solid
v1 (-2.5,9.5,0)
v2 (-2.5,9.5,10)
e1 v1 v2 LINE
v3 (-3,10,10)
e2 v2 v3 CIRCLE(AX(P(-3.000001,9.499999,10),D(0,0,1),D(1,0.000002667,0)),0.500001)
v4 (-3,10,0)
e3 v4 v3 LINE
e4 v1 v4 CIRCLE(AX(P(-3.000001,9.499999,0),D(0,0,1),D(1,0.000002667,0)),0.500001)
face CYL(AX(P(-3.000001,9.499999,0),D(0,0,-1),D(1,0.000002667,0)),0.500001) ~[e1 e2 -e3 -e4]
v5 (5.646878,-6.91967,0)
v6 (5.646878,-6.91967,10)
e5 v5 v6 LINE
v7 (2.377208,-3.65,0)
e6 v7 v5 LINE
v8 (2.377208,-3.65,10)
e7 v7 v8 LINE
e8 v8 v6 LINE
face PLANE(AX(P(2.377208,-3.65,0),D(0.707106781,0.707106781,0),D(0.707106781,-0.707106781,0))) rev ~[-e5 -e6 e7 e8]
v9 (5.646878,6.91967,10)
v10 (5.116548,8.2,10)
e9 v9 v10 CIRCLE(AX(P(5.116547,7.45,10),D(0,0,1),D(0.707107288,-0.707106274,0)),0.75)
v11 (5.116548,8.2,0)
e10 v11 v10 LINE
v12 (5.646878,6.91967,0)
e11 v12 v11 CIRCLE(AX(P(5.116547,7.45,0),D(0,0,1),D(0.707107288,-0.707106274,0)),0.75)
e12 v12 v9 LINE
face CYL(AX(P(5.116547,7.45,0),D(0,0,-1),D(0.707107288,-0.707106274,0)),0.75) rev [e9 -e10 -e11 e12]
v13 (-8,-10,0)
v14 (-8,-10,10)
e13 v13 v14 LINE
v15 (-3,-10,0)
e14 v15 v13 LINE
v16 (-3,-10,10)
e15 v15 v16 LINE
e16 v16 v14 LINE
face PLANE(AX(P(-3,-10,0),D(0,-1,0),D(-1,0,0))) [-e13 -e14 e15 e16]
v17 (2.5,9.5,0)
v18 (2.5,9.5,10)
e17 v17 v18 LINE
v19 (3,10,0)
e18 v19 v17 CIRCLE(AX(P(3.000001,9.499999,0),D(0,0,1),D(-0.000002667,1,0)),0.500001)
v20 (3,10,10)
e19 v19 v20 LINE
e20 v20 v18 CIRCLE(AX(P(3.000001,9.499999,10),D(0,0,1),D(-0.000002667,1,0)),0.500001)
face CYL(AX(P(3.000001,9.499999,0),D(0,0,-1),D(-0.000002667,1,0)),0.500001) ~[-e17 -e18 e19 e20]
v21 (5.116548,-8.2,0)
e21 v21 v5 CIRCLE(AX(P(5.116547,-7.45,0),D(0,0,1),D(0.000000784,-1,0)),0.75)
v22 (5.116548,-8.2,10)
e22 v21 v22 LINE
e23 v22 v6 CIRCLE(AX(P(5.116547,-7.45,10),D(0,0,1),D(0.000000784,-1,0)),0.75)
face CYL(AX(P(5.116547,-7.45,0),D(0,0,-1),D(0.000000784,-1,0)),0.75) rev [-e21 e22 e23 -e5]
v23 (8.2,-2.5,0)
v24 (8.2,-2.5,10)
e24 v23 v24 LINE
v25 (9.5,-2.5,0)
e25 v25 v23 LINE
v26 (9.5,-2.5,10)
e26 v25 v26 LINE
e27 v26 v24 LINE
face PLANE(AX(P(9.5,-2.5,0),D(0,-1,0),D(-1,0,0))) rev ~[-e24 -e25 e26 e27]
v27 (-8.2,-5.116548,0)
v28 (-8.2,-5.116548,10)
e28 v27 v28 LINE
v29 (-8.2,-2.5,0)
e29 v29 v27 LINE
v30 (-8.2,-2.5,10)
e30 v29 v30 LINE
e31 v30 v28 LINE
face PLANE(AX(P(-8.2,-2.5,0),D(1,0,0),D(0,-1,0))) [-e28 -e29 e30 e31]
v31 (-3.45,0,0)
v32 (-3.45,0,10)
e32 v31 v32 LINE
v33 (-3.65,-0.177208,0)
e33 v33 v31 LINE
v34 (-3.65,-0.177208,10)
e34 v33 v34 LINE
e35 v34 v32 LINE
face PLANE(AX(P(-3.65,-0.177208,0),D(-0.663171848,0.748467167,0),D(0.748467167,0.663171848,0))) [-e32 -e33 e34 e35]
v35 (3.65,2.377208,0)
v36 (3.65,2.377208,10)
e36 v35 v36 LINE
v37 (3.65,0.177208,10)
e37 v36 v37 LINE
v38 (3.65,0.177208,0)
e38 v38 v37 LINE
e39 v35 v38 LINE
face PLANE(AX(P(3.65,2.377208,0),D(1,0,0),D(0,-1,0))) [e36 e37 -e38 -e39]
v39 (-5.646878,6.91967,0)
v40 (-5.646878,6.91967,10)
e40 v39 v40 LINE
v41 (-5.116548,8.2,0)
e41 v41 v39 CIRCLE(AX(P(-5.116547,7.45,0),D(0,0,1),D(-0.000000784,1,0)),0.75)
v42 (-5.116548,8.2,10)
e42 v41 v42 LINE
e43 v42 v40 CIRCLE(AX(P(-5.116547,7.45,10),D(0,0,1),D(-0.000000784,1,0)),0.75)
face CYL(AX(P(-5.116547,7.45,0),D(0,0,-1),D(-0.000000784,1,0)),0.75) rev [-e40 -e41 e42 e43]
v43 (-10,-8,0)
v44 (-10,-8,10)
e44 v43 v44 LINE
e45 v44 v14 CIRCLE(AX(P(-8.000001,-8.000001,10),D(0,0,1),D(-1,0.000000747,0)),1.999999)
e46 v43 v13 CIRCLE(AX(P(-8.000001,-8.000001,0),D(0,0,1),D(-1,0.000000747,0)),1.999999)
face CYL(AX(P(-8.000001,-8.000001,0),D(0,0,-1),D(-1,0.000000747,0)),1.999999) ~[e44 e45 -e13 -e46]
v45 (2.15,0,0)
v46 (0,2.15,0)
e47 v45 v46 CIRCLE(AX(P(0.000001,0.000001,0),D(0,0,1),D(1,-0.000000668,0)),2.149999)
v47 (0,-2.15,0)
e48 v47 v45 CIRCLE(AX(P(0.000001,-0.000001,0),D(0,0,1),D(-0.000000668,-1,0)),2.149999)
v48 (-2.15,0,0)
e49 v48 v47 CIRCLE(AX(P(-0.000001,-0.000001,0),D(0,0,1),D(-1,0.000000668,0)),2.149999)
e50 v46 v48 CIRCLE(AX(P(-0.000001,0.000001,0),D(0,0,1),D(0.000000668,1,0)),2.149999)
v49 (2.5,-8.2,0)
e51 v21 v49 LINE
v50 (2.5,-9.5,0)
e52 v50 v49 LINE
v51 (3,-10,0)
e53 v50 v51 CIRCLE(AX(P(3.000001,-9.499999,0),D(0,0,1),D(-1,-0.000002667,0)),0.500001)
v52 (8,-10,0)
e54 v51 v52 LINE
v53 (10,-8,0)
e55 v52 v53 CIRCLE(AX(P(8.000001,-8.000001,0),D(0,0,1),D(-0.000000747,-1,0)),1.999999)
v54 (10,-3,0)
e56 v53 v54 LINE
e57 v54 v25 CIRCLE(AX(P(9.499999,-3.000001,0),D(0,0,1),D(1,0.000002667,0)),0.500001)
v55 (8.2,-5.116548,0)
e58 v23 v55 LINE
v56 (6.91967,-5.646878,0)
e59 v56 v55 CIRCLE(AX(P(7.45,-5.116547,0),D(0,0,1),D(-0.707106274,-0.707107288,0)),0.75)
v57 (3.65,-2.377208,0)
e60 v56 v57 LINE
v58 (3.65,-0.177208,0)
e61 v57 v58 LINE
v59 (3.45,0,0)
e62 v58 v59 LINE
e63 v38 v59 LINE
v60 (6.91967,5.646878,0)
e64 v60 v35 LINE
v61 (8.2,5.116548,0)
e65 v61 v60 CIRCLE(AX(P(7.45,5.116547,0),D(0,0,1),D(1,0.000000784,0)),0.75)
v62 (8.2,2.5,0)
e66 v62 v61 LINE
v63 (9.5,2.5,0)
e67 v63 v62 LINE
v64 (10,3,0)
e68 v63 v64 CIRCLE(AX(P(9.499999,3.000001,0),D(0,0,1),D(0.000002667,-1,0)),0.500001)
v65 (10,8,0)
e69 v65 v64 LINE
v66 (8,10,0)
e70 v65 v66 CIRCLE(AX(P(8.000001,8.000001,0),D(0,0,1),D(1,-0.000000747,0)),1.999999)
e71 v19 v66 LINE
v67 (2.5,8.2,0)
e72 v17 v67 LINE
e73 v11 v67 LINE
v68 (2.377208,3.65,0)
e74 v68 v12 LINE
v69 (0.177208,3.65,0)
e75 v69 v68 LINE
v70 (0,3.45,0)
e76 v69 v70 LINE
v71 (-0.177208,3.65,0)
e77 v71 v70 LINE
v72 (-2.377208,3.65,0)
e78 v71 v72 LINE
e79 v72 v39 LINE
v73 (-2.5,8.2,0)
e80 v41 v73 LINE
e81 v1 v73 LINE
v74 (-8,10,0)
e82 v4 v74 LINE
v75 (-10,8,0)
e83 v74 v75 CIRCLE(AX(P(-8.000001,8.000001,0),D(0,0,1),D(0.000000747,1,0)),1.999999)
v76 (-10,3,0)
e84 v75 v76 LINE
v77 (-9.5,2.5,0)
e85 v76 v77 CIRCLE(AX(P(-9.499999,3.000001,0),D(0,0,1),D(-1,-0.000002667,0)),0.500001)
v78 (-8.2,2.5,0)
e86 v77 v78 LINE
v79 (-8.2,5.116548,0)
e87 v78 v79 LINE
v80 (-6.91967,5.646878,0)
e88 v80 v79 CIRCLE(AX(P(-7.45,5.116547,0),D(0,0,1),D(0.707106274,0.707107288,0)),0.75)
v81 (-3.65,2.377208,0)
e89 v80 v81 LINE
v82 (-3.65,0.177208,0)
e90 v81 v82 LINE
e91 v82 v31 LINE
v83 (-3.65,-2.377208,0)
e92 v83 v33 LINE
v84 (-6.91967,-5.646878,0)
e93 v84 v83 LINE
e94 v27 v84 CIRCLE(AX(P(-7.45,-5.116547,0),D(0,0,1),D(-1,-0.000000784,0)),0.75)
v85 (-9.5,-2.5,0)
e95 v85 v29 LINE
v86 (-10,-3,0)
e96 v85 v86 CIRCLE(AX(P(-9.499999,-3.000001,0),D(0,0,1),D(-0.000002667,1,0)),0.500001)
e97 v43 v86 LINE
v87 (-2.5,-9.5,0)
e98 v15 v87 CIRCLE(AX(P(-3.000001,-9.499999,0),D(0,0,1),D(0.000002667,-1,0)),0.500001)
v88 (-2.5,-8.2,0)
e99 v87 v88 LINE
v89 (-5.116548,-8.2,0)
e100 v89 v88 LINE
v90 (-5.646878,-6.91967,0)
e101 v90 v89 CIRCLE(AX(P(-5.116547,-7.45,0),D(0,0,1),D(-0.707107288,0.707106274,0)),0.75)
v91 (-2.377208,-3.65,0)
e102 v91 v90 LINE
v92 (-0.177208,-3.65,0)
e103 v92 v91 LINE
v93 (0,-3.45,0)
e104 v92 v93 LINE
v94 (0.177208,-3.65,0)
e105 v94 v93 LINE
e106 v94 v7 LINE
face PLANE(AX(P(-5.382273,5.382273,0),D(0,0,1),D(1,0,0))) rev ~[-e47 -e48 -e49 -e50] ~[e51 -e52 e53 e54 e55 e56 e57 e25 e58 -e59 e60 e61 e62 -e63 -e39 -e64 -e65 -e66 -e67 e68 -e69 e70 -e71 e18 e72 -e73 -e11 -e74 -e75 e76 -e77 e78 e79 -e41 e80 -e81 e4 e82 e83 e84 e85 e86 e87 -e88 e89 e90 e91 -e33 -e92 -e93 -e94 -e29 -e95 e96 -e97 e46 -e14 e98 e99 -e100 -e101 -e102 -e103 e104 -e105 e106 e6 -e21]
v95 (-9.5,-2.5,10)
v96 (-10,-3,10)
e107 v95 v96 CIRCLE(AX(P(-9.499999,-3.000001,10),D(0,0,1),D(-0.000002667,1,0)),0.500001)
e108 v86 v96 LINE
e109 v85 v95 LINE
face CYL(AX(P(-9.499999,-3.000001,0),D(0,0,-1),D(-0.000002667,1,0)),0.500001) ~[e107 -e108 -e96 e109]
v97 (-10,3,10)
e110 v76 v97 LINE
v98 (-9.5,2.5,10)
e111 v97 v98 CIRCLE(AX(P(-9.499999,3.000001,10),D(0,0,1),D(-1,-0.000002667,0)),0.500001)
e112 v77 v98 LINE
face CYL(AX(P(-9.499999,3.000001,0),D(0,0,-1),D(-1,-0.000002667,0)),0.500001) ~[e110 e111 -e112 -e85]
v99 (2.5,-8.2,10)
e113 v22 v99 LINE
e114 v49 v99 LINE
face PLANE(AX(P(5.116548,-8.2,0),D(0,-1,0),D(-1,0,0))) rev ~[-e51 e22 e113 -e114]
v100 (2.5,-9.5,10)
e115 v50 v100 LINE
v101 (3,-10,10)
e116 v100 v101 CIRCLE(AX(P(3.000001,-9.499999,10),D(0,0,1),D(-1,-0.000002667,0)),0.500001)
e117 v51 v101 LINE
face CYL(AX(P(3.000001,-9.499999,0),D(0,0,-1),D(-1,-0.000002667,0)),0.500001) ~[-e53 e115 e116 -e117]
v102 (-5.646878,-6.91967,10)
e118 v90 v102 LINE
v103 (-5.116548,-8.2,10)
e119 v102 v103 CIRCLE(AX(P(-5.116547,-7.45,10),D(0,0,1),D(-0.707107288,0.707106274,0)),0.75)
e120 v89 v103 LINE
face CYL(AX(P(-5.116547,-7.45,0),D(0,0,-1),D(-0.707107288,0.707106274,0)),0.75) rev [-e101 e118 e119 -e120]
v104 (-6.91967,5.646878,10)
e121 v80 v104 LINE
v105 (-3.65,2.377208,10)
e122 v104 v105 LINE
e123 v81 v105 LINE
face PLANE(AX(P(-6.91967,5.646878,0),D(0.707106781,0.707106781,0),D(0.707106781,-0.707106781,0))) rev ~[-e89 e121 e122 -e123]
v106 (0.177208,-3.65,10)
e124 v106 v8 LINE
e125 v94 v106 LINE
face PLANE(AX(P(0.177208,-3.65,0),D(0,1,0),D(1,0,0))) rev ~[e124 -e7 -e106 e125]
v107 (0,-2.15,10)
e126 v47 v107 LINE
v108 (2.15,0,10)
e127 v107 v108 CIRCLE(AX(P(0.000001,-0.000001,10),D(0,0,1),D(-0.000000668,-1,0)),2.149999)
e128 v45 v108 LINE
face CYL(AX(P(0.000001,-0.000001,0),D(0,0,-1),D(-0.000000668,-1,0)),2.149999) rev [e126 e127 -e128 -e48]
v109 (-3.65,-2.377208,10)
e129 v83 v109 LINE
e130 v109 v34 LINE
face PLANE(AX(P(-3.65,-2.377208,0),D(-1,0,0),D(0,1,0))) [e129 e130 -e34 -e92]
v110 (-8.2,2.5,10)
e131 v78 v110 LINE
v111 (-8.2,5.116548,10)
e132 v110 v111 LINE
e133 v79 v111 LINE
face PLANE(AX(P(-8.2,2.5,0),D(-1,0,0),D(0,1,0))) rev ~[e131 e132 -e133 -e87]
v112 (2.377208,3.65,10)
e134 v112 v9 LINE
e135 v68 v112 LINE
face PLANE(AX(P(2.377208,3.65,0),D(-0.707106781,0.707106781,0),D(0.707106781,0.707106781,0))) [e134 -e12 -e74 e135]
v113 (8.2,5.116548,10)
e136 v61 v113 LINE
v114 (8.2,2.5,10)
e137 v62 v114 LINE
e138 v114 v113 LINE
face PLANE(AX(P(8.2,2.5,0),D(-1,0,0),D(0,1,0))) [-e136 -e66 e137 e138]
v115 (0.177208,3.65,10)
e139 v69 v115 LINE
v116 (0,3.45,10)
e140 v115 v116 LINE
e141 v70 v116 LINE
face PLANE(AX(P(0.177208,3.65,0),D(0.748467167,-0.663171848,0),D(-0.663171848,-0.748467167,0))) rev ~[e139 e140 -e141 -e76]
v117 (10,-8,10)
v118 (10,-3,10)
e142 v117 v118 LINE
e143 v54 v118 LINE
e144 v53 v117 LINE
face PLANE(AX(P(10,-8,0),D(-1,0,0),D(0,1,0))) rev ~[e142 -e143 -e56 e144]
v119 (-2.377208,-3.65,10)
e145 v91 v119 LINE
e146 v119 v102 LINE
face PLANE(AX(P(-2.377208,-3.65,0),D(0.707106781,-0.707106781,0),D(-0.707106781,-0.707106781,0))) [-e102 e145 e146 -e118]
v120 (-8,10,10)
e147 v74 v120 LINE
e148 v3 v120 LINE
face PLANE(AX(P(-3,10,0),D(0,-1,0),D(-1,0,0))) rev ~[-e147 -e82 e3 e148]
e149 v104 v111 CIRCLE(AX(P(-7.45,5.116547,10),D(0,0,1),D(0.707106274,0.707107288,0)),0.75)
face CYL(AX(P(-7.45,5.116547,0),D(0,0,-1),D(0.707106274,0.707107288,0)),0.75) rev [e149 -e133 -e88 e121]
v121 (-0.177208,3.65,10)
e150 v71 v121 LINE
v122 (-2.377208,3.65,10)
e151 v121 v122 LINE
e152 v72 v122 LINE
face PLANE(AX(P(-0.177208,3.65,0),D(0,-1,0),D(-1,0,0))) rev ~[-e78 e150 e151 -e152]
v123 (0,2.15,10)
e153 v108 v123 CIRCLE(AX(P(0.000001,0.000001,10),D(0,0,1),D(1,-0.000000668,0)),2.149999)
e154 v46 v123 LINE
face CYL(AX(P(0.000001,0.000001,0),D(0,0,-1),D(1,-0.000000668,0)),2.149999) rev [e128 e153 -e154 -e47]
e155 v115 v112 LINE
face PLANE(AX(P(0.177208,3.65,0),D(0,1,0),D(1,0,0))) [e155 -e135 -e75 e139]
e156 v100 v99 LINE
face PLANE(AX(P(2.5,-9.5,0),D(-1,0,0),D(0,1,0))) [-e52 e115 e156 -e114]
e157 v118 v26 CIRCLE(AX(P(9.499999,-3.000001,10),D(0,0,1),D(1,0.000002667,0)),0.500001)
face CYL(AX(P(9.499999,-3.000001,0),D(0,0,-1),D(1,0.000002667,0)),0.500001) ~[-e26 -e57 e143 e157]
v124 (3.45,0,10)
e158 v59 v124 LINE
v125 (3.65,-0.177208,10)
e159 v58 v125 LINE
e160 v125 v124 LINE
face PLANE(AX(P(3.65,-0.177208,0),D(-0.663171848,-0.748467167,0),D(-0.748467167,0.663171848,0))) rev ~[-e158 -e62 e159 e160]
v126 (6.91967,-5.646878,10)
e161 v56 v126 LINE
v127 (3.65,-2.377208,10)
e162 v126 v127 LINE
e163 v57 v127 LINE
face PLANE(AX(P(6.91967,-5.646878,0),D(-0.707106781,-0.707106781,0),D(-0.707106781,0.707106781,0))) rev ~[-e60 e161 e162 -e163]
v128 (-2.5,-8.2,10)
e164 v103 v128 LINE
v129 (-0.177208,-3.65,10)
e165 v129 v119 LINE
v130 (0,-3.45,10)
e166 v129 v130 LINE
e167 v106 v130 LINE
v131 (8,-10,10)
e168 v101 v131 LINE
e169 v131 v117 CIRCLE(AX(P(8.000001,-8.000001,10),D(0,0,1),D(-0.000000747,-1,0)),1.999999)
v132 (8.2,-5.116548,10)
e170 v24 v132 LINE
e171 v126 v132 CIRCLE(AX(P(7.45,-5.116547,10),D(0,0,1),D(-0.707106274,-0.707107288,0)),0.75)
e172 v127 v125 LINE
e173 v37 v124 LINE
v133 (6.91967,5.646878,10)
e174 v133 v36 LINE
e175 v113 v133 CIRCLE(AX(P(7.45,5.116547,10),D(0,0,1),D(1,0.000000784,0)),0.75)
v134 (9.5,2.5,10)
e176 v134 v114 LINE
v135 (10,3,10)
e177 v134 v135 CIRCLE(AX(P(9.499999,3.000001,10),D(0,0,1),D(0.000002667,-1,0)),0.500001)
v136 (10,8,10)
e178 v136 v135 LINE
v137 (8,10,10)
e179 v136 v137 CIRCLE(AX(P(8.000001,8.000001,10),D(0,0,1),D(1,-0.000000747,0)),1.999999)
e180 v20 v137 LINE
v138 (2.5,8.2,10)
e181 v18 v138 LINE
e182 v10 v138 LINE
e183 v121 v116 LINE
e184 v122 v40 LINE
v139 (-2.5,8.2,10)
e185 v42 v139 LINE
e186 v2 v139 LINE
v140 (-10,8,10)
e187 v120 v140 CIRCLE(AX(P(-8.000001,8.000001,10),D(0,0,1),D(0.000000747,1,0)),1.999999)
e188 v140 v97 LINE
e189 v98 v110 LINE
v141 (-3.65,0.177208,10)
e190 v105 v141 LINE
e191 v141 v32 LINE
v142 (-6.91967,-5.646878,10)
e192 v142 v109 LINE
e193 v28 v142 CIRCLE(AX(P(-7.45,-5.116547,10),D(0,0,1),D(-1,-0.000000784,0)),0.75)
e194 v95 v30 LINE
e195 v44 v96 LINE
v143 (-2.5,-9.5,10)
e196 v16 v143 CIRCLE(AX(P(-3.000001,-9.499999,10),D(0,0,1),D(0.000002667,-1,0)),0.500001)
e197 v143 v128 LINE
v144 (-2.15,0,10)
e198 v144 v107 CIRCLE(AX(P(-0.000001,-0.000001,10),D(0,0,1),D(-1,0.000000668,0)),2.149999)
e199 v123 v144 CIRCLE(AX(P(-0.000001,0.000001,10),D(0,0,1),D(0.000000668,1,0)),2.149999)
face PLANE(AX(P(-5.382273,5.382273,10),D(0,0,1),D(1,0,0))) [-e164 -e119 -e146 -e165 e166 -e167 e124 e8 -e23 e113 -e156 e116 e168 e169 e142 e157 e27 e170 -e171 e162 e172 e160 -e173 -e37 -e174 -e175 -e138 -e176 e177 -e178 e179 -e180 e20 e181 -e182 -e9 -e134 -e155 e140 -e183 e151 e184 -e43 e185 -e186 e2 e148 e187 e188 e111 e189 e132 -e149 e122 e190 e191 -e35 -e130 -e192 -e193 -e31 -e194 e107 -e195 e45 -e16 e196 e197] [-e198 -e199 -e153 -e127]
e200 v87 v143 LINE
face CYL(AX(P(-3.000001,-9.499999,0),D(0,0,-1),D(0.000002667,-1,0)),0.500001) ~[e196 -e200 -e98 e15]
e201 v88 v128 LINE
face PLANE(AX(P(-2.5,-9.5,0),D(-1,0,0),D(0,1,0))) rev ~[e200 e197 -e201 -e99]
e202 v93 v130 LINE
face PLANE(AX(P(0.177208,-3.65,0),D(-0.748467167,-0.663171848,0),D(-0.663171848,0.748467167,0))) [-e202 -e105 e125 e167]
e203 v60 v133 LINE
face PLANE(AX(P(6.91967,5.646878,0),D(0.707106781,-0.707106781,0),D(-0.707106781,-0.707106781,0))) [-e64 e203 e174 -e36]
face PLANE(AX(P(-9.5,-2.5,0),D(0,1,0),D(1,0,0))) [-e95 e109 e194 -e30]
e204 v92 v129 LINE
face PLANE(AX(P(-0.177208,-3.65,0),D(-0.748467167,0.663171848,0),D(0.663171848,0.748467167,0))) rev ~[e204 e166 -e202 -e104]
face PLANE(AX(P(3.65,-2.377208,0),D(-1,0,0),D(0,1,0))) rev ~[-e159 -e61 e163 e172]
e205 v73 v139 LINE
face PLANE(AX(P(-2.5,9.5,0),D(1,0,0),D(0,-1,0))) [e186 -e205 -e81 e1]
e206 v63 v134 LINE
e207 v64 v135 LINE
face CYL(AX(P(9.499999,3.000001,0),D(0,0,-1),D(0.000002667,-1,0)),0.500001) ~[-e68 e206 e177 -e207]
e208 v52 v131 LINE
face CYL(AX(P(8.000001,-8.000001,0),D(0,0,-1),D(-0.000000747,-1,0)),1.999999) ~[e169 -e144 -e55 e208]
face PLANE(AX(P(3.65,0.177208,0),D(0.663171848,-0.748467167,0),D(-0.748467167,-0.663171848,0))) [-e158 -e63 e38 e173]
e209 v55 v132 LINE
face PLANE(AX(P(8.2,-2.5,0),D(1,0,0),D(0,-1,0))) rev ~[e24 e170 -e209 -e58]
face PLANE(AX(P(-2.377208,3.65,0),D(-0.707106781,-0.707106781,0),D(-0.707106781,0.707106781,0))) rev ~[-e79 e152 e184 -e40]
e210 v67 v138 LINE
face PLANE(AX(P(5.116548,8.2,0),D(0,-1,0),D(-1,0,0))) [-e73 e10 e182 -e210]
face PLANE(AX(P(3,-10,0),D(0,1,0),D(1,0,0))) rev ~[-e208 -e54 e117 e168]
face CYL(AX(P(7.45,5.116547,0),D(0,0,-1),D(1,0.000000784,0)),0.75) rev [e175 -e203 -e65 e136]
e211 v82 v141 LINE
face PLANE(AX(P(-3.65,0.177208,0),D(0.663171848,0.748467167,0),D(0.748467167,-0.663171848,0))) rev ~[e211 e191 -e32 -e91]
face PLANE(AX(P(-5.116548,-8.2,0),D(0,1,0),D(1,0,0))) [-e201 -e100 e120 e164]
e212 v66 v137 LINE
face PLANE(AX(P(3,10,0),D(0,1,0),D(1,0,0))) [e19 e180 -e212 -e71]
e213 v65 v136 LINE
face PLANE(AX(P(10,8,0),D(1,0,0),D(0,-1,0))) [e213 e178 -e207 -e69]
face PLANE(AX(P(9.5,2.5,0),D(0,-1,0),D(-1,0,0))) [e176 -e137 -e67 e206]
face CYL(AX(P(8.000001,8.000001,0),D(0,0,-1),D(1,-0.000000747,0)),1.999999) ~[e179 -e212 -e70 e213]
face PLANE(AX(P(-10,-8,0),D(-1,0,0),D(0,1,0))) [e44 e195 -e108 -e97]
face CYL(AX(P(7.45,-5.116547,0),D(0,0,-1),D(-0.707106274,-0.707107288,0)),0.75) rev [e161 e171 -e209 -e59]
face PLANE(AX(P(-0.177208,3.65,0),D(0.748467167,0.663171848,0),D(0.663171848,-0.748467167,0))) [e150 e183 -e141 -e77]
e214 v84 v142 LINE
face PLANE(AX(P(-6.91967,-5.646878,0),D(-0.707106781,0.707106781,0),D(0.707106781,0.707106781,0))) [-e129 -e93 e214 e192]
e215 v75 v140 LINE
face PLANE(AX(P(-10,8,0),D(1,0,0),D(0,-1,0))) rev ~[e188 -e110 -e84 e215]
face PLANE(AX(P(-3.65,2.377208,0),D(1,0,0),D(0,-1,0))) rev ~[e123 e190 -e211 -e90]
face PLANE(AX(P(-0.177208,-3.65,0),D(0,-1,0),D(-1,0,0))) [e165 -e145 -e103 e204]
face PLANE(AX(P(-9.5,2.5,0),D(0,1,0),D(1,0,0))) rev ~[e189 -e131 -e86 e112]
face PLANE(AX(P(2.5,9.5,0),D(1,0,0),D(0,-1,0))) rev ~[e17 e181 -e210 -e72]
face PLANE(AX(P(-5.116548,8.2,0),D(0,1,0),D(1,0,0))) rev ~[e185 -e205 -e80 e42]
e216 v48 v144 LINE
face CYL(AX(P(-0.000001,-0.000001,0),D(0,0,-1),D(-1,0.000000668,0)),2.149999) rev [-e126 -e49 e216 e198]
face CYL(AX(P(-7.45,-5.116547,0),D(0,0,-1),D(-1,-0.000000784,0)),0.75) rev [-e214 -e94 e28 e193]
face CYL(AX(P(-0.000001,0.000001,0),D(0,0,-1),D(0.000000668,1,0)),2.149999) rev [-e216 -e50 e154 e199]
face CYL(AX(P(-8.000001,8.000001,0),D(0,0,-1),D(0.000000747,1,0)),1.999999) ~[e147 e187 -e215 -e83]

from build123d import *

# Parameters (mm, degrees)
PAD_DEPTH = 10


with BuildPart() as part:
    # CopySketch029 → Pad (new body)
    with BuildSketch(Plane.XY):
        with BuildLine():
            Line((-2.377208, 3.65), (-5.646878, 6.91967))
            ThreePointArc((-5.116548, 8.2), (-5.809457, 7.737013), (-5.646878, 6.91967))
            Line((-5.116548, 8.2), (-2.5, 8.2))
            Line((-2.5, 9.5), (-2.5, 8.2))
            ThreePointArc((-2.5, 9.5), (-2.646447, 9.853553), (-3, 10))
            Line((-3, 10), (-8, 10))
            ThreePointArc((-8, 10), (-9.414214, 9.414214), (-10, 8))
            Line((-10, 8), (-10, 3))
            ThreePointArc((-10, 3), (-9.853553, 2.646447), (-9.5, 2.5))
            Line((-9.5, 2.5), (-8.2, 2.5))
            Line((-8.2, 2.5), (-8.2, 5.116548))
            ThreePointArc((-6.91967, 5.646878), (-7.737013, 5.809457), (-8.2, 5.116548))
            Line((-6.91967, 5.646878), (-3.65, 2.377208))
            Line((-3.65, 2.377208), (-3.65, 0.177208))
            Line((-3.65, 0.177208), (-3.45, 0))
            Line((-3.45, 0), (-2.15, 0))
            ThreePointArc((0, 2.15), (-1.52028, 1.52028), (-2.15, 0))
            Line((0, 3.45), (0, 2.15))
            Line((-0.177208, 3.65), (0, 3.45))
            Line((-0.177208, 3.65), (-2.377208, 3.65))
        make_face()
        with BuildLine():
            Line((2.377208, 3.65), (5.646878, 6.91967))
            ThreePointArc((5.646878, 6.91967), (5.809457, 7.737013), (5.116548, 8.2))
            Line((5.116548, 8.2), (2.5, 8.2))
            Line((2.5, 9.5), (2.5, 8.2))
            ThreePointArc((3, 10), (2.646447, 9.853553), (2.5, 9.5))
            Line((3, 10), (8, 10))
            ThreePointArc((10, 8), (9.414214, 9.414214), (8, 10))
            Line((10, 8), (10, 3))
            ThreePointArc((9.5, 2.5), (9.853553, 2.646447), (10, 3))
            Line((9.5, 2.5), (8.2, 2.5))
            Line((8.2, 2.5), (8.2, 5.116548))
            ThreePointArc((8.2, 5.116548), (7.737013, 5.809457), (6.91967, 5.646878))
            Line((6.91967, 5.646878), (3.65, 2.377208))
            Line((3.65, 2.377208), (3.65, 0.177208))
            Line((3.65, 0.177208), (3.45, 0))
            Line((3.45, 0), (2.15, 0))
            ThreePointArc((2.15, 0), (1.52028, 1.52028), (0, 2.15))
            Line((0, 3.45), (0, 2.15))
            Line((0.177208, 3.65), (0, 3.45))
            Line((0.177208, 3.65), (2.377208, 3.65))
        make_face()
        with BuildLine():
            Line((-2.377208, -3.65), (-5.646878, -6.91967))
            ThreePointArc((-5.646878, -6.91967), (-5.809457, -7.737013), (-5.116548, -8.2))
            Line((-5.116548, -8.2), (-2.5, -8.2))
            Line((-2.5, -9.5), (-2.5, -8.2))
            ThreePointArc((-3, -10), (-2.646447, -9.853553), (-2.5, -9.5))
            Line((-3, -10), (-8, -10))
            ThreePointArc((-10, -8), (-9.414214, -9.414214), (-8, -10))
            Line((-10, -8), (-10, -3))
            ThreePointArc((-9.5, -2.5), (-9.853553, -2.646447), (-10, -3))
            Line((-9.5, -2.5), (-8.2, -2.5))
            Line((-8.2, -2.5), (-8.2, -5.116548))
            ThreePointArc((-8.2, -5.116548), (-7.737013, -5.809457), (-6.91967, -5.646878))
            Line((-6.91967, -5.646878), (-3.65, -2.377208))
            Line((-3.65, -2.377208), (-3.65, -0.177208))
            Line((-3.65, -0.177208), (-3.45, 0))
            Line((-3.45, 0), (-2.15, 0))
            ThreePointArc((-2.15, 0), (-1.52028, -1.52028), (0, -2.15))
            Line((0, -3.45), (0, -2.15))
            Line((-0.177208, -3.65), (0, -3.45))
            Line((-0.177208, -3.65), (-2.377208, -3.65))
        make_face()
        with BuildLine():
            Line((2.377208, -3.65), (5.646878, -6.91967))
            ThreePointArc((5.116548, -8.2), (5.809457, -7.737013), (5.646878, -6.91967))
            Line((5.116548, -8.2), (2.5, -8.2))
            Line((2.5, -9.5), (2.5, -8.2))
            ThreePointArc((2.5, -9.5), (2.646447, -9.853553), (3, -10))
            Line((3, -10), (8, -10))
            ThreePointArc((8, -10), (9.414214, -9.414214), (10, -8))
            Line((10, -8), (10, -3))
            ThreePointArc((10, -3), (9.853553, -2.646447), (9.5, -2.5))
            Line((9.5, -2.5), (8.2, -2.5))
            Line((8.2, -2.5), (8.2, -5.116548))
            ThreePointArc((6.91967, -5.646878), (7.737013, -5.809457), (8.2, -5.116548))
            Line((6.91967, -5.646878), (3.65, -2.377208))
            Line((3.65, -2.377208), (3.65, -0.177208))
            Line((3.65, -0.177208), (3.45, 0))
            Line((3.45, 0), (2.15, 0))
            ThreePointArc((0, -2.15), (1.52028, -1.52028), (2.15, 0))
            Line((0, -3.45), (0, -2.15))
            Line((0.177208, -3.65), (0, -3.45))
            Line((0.177208, -3.65), (2.377208, -3.65))
        make_face()
    extrude(amount=PAD_DEPTH)


solid = part.part
